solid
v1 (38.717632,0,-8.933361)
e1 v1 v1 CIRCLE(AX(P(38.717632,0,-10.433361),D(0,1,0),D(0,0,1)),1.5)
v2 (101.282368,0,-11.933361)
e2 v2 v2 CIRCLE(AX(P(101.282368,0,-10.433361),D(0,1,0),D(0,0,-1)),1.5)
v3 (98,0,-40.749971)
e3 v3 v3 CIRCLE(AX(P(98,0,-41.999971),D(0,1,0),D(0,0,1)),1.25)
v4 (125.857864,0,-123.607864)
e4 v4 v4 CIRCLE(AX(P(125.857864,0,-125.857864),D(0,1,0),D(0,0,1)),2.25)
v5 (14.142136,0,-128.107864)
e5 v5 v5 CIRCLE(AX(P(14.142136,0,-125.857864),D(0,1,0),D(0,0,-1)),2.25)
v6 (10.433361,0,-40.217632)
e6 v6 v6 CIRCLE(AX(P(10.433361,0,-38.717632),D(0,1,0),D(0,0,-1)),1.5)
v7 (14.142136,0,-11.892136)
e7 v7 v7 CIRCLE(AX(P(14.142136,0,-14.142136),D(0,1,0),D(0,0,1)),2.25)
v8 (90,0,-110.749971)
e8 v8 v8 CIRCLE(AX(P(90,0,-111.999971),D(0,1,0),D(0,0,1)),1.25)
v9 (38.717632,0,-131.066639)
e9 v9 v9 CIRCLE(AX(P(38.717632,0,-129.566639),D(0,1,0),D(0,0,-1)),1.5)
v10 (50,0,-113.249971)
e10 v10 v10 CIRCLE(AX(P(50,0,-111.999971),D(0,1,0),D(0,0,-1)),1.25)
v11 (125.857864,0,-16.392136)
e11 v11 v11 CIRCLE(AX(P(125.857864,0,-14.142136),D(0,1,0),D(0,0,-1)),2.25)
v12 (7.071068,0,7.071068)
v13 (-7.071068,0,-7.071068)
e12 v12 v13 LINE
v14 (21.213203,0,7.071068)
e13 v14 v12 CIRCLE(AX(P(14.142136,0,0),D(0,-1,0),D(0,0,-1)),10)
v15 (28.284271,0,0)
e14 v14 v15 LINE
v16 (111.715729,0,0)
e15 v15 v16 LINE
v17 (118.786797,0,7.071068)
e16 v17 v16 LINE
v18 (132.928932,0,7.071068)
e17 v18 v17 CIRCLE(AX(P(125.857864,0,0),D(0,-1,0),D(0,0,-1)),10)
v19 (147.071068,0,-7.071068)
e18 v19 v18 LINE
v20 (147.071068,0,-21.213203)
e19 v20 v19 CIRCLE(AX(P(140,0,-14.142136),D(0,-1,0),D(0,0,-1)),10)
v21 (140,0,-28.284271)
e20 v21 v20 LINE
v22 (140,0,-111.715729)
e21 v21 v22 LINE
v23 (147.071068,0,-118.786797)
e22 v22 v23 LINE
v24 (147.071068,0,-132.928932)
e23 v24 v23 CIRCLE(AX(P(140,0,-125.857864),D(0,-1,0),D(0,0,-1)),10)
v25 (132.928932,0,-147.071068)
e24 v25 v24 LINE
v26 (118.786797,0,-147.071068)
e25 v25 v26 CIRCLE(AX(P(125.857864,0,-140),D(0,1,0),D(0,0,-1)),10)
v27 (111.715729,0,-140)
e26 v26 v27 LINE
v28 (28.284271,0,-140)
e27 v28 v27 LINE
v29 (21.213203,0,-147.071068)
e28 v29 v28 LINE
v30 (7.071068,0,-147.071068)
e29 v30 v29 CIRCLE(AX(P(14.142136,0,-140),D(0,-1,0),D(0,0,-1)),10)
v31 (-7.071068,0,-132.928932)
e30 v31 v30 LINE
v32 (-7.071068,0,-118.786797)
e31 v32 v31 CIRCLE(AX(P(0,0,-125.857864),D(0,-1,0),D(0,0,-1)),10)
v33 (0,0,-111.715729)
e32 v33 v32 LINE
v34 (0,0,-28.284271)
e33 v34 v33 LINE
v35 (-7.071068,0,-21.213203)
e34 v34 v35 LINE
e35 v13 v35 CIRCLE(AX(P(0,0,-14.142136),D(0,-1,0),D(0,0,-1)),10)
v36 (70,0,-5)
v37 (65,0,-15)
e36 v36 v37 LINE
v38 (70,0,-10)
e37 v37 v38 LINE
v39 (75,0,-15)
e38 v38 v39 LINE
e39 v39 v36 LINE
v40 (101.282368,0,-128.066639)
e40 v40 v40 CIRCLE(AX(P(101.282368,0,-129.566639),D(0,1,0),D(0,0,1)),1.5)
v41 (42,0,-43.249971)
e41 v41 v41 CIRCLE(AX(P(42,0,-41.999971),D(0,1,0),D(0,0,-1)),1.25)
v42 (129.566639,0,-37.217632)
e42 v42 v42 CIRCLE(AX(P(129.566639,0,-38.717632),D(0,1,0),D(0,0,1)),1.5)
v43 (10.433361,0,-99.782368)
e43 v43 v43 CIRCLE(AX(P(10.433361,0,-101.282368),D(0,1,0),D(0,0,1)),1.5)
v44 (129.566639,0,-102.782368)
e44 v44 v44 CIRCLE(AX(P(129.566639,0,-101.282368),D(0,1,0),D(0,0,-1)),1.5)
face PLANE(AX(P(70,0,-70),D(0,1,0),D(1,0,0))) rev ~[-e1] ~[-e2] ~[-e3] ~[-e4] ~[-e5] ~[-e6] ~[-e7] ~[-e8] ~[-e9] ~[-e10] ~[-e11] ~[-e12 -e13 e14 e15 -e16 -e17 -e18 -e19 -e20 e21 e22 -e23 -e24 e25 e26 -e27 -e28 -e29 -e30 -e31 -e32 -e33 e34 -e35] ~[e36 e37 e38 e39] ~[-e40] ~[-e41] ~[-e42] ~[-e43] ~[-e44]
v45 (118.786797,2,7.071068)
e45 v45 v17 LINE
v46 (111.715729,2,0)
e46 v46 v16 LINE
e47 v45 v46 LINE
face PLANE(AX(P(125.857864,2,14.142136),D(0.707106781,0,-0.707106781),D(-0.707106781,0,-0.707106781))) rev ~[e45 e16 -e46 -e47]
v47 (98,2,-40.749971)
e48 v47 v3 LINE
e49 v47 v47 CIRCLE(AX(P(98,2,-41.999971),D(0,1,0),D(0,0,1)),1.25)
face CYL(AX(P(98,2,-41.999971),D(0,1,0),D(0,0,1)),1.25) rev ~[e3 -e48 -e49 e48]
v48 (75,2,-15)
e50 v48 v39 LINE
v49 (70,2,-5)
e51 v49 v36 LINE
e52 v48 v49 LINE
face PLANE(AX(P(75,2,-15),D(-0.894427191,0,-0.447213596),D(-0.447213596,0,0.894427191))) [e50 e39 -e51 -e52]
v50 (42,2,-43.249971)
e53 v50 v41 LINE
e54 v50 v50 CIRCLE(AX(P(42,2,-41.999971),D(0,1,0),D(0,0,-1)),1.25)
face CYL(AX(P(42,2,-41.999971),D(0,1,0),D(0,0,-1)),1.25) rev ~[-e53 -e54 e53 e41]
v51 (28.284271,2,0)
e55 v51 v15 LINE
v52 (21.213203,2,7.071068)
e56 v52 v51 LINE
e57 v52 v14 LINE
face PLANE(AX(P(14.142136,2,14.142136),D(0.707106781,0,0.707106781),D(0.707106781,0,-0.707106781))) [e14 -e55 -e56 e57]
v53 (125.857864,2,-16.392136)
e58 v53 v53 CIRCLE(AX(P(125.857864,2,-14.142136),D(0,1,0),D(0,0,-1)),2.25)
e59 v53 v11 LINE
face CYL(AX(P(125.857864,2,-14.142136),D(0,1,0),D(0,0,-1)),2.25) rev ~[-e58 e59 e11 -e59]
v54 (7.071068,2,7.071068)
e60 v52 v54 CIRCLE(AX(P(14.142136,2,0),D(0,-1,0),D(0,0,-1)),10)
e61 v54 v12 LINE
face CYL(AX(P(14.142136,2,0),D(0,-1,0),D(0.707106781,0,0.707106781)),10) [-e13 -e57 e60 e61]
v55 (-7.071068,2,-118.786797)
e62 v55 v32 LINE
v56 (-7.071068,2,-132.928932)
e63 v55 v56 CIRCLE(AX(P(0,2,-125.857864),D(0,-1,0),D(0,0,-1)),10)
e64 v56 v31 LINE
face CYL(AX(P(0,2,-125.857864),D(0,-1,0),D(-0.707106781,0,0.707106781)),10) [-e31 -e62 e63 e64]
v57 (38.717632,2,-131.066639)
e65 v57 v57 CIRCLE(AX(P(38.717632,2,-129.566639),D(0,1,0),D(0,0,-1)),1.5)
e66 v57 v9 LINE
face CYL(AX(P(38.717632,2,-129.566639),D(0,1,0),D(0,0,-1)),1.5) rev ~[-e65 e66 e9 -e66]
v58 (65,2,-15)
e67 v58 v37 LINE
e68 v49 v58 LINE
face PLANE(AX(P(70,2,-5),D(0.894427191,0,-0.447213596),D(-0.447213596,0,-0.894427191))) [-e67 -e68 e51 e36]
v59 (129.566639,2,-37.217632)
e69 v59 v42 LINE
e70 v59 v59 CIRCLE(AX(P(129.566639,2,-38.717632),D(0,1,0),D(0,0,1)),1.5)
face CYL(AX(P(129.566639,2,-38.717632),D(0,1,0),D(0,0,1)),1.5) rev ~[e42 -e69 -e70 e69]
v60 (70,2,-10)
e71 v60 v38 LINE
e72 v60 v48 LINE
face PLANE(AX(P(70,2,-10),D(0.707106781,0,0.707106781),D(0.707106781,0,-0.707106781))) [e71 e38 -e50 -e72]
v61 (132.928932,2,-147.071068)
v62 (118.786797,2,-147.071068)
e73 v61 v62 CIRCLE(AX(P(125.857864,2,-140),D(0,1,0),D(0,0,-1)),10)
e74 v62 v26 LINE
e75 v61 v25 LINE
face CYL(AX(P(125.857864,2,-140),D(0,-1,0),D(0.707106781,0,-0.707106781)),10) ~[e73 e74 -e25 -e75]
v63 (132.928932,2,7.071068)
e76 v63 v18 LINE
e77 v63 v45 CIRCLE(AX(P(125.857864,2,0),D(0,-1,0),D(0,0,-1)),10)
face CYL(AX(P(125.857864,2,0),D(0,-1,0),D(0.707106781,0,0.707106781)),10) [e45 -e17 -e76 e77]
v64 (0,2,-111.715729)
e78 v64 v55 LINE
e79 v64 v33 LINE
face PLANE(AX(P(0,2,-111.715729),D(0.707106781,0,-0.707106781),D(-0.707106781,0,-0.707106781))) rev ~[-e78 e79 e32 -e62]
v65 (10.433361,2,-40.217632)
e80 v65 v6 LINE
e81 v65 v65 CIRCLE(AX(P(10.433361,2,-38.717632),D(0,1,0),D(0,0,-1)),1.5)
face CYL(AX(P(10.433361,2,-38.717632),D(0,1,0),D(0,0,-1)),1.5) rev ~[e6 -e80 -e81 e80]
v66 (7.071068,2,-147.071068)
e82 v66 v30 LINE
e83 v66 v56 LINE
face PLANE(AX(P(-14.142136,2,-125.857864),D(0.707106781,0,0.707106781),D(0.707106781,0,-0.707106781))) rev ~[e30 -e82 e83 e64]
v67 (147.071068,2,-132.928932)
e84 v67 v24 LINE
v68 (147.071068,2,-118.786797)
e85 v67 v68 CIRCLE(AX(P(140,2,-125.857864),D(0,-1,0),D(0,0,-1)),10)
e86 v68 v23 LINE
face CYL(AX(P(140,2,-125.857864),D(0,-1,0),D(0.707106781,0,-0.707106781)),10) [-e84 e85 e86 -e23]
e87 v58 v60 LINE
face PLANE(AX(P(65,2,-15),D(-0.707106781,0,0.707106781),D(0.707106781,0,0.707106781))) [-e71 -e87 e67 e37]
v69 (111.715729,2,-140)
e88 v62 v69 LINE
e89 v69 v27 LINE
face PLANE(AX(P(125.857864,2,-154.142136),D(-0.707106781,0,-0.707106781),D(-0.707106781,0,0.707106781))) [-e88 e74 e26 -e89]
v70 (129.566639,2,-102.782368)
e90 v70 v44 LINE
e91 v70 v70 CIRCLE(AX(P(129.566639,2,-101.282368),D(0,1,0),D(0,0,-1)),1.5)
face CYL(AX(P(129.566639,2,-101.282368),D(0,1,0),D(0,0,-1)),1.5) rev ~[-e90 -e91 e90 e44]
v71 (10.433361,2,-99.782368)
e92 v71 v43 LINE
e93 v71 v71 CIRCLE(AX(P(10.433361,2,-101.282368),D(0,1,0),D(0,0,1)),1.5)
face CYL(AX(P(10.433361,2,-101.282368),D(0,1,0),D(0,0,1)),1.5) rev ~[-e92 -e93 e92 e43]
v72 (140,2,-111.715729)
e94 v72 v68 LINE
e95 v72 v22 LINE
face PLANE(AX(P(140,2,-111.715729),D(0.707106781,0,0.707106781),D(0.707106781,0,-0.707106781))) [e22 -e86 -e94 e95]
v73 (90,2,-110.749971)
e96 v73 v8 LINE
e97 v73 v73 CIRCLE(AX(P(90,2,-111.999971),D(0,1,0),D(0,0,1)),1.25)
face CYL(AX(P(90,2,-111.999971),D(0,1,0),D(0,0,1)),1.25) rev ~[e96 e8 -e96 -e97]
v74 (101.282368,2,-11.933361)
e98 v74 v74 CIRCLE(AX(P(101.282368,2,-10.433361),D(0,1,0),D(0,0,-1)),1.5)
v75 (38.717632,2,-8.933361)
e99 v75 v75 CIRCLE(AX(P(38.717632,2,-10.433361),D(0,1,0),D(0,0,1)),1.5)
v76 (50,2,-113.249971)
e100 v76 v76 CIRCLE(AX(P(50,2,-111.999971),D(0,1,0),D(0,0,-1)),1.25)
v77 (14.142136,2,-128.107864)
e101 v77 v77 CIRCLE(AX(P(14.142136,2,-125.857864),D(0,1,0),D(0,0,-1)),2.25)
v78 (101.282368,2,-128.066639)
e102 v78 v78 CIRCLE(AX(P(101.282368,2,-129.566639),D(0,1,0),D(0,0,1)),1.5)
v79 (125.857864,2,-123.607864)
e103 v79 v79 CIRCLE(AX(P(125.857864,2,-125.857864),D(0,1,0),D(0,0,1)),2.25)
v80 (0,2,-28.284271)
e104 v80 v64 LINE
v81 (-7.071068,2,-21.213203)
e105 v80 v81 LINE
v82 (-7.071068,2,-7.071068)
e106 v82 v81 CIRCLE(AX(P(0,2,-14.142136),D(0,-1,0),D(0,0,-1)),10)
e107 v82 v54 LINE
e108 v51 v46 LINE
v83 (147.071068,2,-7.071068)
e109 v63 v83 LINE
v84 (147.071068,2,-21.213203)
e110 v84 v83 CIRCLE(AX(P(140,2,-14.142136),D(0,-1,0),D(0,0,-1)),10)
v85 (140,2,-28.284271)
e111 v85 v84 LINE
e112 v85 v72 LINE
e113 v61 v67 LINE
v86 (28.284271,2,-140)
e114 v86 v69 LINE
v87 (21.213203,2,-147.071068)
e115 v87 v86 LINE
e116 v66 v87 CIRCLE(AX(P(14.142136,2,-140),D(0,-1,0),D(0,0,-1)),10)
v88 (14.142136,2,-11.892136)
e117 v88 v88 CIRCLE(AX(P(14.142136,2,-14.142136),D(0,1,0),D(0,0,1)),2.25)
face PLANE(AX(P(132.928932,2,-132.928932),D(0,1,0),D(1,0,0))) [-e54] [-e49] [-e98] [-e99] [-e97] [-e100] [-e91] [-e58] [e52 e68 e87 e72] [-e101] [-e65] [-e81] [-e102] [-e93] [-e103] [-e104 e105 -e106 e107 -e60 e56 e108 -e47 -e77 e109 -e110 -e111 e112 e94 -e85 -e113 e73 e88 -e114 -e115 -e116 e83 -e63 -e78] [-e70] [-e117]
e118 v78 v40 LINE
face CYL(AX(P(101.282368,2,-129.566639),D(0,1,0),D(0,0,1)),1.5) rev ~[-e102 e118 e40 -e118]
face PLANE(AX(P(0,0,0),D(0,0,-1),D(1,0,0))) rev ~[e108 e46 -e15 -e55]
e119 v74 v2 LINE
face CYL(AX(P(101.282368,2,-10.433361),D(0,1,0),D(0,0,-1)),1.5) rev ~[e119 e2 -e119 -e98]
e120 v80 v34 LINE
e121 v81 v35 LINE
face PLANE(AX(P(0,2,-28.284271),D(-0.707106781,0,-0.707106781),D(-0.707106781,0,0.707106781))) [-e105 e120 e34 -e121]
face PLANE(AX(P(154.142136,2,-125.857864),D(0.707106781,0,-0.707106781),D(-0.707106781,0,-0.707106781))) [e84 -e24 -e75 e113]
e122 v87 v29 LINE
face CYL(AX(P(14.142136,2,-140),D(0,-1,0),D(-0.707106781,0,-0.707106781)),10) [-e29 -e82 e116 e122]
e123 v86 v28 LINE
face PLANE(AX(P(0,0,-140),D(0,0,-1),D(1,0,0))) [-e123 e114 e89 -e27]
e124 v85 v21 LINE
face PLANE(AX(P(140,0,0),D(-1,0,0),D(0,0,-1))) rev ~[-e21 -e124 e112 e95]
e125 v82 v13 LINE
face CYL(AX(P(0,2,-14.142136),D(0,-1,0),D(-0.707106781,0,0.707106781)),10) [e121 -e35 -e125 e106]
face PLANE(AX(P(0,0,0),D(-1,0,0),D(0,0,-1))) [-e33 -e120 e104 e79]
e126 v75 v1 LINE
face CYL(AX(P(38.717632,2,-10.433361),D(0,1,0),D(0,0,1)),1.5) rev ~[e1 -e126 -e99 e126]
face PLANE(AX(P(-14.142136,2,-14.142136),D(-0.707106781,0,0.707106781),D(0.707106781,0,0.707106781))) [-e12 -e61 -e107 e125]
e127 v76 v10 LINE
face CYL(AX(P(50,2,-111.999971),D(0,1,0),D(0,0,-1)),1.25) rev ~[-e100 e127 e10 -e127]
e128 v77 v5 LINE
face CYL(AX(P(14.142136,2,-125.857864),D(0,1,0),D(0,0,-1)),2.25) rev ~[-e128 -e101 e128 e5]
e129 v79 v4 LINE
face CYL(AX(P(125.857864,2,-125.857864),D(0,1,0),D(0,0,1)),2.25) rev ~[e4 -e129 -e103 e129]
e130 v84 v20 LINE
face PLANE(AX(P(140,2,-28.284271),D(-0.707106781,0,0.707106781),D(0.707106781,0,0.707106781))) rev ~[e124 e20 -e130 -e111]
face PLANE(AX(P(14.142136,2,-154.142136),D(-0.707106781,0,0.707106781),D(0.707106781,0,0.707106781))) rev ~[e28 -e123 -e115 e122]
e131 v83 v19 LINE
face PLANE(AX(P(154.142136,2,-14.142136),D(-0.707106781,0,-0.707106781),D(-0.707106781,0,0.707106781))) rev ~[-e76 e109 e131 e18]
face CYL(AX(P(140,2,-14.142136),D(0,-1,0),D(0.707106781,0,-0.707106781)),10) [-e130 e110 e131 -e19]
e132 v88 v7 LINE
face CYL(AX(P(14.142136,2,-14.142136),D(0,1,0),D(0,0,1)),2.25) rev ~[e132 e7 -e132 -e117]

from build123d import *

# Parameters (mm, degrees)
SKETCH1_W           = 140
SKETCH1_H           = 140
BOSS_EXTRUDE1_DEPTH = 2
BOSS_EXTRUDE3_DEPTH = 2
FILLET1_R           = 10
SKETCH4_R           = 1.5
CUT_EXTRUDE2_DEPTH  = 2
SKETCH5_R           = 2.25
CUT_EXTRUDE3_DEPTH  = 10
SKETCH6_R           = 1.25
CUT_EXTRUDE4_DEPTH  = 15
CUT_EXTRUDE5_DEPTH  = 2


with BuildPart() as part:
    # Sketch1 → Boss-Extrude1 (new body)
    with BuildSketch(Plane(origin=(0, 0, 0), x_dir=(1, 0, 0), z_dir=(0, 1, 0))):
        with Locations((70, 70)):
            Rectangle(SKETCH1_W, SKETCH1_H)
    extrude(amount=BOSS_EXTRUDE1_DEPTH)

    # Sketch2 → Boss-Extrude3 (add)
    with BuildSketch(Plane(origin=(0, 2, 0), x_dir=(1, 0, 0), z_dir=(0, 1, 0))):
        Polygon((111.715728753, 140), (140, 111.715728753), (154.142135624, 125.857864376), (125.857864376, 154.142135624), align=None)
        Polygon((0, 111.715728753), (-14.142135624, 125.857864376), (14.142135624, 154.142135624), (28.284271247, 140), align=None)
        Polygon((28.284271247, 0), (0, 28.284271247), (-14.142135624, 14.142135624), (14.142135624, -14.142135624), align=None)
        Polygon((140, 28.284271247), (154.142135624, 14.142135624), (125.857864376, -14.142135624), (111.715728753, 0), align=None)
    extrude(amount=-BOSS_EXTRUDE3_DEPTH)

    # Fillet1
    fillet1_edges = [part.edges().sort_by_distance(p)[0] for p in [
        (125.857864376, 1, -154.142135624),
        (154.142135624, 1, -125.857864376),
        (-14.142135624, 1, -125.857864376),
        (14.142135624, 1, -154.142135624),
        (14.142135624, 1, 14.142135624),
        (-14.142135624, 1, -14.142135624),
        (154.142135624, 1, -14.142135624),
        (125.857864376, 1, 14.142135624),
    ]]
    fillet(fillet1_edges, radius=FILLET1_R)

    # Sketch4 → Cut-Extrude2 (cut)
    with BuildSketch(Plane(origin=(0, 2, 0), x_dir=(1, 0, 0), z_dir=(0, 1, 0))):
        with Locations(Location((38.717631804, 10.433360556, 0), (0, 0, 270))):
            Circle(SKETCH4_R)
        with Locations(Location((10.433360556, 38.717631804, 0), (0, 0, 90))):
            Circle(SKETCH4_R)
        with Locations(Location((101.282368196, 10.433360556, 0), (0, 0, 90))):
            Circle(SKETCH4_R)
        with Locations(Location((129.566639444, 38.717631804, 0), (0, 0, 270))):
            Circle(SKETCH4_R)
        with Locations(Location((38.717631804, 129.566639444, 0), (0, 0, 90))):
            Circle(SKETCH4_R)
        with Locations(Location((10.433360556, 101.282368196, 0), (0, 0, 270))):
            Circle(SKETCH4_R)
        with Locations(Location((101.282368196, 129.566639444, 0), (0, 0, 270))):
            Circle(SKETCH4_R)
        with Locations(Location((129.566639444, 101.282368196, 0), (0, 0, 90))):
            Circle(SKETCH4_R)
    extrude(amount=-CUT_EXTRUDE2_DEPTH, mode=Mode.SUBTRACT)

    # Sketch5 → Cut-Extrude3 (cut)
    with BuildSketch(Plane(origin=(0, 2, 0), x_dir=(1, 0, 0), z_dir=(0, 1, 0))):
        with Locations(Location((14.142135624, 14.142135624, 0), (0, 0, 270))):
            Circle(SKETCH5_R)
        with Locations(Location((125.857864376, 14.142135624, 0), (0, 0, 90))):
            Circle(SKETCH5_R)
        with Locations(Location((14.142135624, 125.857864376, 0), (0, 0, 90))):
            Circle(SKETCH5_R)
        with Locations(Location((125.857864376, 125.857864376, 0), (0, 0, 270))):
            Circle(SKETCH5_R)
    extrude(amount=-CUT_EXTRUDE3_DEPTH, mode=Mode.SUBTRACT)

    # Sketch6 → Cut-Extrude4 (cut)
    with BuildSketch(Plane(origin=(0, 2, 0), x_dir=(1, 0, 0), z_dir=(0, 1, 0))):
        with Locations(Location((90, 111.999971357, 0), (0, 0, 270))):
            Circle(SKETCH6_R)
        with Locations(Location((98, 41.999971357, 0), (0, 0, 270))):
            Circle(SKETCH6_R)
        with Locations(Location((42, 41.999971357, 0), (0, 0, 90))):
            Circle(SKETCH6_R)
        with Locations(Location((50, 111.999971357, 0), (0, 0, 90))):
            Circle(SKETCH6_R)
    extrude(amount=-CUT_EXTRUDE4_DEPTH, mode=Mode.SUBTRACT)

    # Sketch7 → Cut-Extrude5 (cut)
    with BuildSketch(Plane(origin=(0, 2, 0), x_dir=(1, 0, 0), z_dir=(0, 1, 0))):
        Polygon((75, 15), (70, 5), (65, 15), (70, 10), align=None)
    extrude(amount=-CUT_EXTRUDE5_DEPTH, mode=Mode.SUBTRACT)


solid = part.part
